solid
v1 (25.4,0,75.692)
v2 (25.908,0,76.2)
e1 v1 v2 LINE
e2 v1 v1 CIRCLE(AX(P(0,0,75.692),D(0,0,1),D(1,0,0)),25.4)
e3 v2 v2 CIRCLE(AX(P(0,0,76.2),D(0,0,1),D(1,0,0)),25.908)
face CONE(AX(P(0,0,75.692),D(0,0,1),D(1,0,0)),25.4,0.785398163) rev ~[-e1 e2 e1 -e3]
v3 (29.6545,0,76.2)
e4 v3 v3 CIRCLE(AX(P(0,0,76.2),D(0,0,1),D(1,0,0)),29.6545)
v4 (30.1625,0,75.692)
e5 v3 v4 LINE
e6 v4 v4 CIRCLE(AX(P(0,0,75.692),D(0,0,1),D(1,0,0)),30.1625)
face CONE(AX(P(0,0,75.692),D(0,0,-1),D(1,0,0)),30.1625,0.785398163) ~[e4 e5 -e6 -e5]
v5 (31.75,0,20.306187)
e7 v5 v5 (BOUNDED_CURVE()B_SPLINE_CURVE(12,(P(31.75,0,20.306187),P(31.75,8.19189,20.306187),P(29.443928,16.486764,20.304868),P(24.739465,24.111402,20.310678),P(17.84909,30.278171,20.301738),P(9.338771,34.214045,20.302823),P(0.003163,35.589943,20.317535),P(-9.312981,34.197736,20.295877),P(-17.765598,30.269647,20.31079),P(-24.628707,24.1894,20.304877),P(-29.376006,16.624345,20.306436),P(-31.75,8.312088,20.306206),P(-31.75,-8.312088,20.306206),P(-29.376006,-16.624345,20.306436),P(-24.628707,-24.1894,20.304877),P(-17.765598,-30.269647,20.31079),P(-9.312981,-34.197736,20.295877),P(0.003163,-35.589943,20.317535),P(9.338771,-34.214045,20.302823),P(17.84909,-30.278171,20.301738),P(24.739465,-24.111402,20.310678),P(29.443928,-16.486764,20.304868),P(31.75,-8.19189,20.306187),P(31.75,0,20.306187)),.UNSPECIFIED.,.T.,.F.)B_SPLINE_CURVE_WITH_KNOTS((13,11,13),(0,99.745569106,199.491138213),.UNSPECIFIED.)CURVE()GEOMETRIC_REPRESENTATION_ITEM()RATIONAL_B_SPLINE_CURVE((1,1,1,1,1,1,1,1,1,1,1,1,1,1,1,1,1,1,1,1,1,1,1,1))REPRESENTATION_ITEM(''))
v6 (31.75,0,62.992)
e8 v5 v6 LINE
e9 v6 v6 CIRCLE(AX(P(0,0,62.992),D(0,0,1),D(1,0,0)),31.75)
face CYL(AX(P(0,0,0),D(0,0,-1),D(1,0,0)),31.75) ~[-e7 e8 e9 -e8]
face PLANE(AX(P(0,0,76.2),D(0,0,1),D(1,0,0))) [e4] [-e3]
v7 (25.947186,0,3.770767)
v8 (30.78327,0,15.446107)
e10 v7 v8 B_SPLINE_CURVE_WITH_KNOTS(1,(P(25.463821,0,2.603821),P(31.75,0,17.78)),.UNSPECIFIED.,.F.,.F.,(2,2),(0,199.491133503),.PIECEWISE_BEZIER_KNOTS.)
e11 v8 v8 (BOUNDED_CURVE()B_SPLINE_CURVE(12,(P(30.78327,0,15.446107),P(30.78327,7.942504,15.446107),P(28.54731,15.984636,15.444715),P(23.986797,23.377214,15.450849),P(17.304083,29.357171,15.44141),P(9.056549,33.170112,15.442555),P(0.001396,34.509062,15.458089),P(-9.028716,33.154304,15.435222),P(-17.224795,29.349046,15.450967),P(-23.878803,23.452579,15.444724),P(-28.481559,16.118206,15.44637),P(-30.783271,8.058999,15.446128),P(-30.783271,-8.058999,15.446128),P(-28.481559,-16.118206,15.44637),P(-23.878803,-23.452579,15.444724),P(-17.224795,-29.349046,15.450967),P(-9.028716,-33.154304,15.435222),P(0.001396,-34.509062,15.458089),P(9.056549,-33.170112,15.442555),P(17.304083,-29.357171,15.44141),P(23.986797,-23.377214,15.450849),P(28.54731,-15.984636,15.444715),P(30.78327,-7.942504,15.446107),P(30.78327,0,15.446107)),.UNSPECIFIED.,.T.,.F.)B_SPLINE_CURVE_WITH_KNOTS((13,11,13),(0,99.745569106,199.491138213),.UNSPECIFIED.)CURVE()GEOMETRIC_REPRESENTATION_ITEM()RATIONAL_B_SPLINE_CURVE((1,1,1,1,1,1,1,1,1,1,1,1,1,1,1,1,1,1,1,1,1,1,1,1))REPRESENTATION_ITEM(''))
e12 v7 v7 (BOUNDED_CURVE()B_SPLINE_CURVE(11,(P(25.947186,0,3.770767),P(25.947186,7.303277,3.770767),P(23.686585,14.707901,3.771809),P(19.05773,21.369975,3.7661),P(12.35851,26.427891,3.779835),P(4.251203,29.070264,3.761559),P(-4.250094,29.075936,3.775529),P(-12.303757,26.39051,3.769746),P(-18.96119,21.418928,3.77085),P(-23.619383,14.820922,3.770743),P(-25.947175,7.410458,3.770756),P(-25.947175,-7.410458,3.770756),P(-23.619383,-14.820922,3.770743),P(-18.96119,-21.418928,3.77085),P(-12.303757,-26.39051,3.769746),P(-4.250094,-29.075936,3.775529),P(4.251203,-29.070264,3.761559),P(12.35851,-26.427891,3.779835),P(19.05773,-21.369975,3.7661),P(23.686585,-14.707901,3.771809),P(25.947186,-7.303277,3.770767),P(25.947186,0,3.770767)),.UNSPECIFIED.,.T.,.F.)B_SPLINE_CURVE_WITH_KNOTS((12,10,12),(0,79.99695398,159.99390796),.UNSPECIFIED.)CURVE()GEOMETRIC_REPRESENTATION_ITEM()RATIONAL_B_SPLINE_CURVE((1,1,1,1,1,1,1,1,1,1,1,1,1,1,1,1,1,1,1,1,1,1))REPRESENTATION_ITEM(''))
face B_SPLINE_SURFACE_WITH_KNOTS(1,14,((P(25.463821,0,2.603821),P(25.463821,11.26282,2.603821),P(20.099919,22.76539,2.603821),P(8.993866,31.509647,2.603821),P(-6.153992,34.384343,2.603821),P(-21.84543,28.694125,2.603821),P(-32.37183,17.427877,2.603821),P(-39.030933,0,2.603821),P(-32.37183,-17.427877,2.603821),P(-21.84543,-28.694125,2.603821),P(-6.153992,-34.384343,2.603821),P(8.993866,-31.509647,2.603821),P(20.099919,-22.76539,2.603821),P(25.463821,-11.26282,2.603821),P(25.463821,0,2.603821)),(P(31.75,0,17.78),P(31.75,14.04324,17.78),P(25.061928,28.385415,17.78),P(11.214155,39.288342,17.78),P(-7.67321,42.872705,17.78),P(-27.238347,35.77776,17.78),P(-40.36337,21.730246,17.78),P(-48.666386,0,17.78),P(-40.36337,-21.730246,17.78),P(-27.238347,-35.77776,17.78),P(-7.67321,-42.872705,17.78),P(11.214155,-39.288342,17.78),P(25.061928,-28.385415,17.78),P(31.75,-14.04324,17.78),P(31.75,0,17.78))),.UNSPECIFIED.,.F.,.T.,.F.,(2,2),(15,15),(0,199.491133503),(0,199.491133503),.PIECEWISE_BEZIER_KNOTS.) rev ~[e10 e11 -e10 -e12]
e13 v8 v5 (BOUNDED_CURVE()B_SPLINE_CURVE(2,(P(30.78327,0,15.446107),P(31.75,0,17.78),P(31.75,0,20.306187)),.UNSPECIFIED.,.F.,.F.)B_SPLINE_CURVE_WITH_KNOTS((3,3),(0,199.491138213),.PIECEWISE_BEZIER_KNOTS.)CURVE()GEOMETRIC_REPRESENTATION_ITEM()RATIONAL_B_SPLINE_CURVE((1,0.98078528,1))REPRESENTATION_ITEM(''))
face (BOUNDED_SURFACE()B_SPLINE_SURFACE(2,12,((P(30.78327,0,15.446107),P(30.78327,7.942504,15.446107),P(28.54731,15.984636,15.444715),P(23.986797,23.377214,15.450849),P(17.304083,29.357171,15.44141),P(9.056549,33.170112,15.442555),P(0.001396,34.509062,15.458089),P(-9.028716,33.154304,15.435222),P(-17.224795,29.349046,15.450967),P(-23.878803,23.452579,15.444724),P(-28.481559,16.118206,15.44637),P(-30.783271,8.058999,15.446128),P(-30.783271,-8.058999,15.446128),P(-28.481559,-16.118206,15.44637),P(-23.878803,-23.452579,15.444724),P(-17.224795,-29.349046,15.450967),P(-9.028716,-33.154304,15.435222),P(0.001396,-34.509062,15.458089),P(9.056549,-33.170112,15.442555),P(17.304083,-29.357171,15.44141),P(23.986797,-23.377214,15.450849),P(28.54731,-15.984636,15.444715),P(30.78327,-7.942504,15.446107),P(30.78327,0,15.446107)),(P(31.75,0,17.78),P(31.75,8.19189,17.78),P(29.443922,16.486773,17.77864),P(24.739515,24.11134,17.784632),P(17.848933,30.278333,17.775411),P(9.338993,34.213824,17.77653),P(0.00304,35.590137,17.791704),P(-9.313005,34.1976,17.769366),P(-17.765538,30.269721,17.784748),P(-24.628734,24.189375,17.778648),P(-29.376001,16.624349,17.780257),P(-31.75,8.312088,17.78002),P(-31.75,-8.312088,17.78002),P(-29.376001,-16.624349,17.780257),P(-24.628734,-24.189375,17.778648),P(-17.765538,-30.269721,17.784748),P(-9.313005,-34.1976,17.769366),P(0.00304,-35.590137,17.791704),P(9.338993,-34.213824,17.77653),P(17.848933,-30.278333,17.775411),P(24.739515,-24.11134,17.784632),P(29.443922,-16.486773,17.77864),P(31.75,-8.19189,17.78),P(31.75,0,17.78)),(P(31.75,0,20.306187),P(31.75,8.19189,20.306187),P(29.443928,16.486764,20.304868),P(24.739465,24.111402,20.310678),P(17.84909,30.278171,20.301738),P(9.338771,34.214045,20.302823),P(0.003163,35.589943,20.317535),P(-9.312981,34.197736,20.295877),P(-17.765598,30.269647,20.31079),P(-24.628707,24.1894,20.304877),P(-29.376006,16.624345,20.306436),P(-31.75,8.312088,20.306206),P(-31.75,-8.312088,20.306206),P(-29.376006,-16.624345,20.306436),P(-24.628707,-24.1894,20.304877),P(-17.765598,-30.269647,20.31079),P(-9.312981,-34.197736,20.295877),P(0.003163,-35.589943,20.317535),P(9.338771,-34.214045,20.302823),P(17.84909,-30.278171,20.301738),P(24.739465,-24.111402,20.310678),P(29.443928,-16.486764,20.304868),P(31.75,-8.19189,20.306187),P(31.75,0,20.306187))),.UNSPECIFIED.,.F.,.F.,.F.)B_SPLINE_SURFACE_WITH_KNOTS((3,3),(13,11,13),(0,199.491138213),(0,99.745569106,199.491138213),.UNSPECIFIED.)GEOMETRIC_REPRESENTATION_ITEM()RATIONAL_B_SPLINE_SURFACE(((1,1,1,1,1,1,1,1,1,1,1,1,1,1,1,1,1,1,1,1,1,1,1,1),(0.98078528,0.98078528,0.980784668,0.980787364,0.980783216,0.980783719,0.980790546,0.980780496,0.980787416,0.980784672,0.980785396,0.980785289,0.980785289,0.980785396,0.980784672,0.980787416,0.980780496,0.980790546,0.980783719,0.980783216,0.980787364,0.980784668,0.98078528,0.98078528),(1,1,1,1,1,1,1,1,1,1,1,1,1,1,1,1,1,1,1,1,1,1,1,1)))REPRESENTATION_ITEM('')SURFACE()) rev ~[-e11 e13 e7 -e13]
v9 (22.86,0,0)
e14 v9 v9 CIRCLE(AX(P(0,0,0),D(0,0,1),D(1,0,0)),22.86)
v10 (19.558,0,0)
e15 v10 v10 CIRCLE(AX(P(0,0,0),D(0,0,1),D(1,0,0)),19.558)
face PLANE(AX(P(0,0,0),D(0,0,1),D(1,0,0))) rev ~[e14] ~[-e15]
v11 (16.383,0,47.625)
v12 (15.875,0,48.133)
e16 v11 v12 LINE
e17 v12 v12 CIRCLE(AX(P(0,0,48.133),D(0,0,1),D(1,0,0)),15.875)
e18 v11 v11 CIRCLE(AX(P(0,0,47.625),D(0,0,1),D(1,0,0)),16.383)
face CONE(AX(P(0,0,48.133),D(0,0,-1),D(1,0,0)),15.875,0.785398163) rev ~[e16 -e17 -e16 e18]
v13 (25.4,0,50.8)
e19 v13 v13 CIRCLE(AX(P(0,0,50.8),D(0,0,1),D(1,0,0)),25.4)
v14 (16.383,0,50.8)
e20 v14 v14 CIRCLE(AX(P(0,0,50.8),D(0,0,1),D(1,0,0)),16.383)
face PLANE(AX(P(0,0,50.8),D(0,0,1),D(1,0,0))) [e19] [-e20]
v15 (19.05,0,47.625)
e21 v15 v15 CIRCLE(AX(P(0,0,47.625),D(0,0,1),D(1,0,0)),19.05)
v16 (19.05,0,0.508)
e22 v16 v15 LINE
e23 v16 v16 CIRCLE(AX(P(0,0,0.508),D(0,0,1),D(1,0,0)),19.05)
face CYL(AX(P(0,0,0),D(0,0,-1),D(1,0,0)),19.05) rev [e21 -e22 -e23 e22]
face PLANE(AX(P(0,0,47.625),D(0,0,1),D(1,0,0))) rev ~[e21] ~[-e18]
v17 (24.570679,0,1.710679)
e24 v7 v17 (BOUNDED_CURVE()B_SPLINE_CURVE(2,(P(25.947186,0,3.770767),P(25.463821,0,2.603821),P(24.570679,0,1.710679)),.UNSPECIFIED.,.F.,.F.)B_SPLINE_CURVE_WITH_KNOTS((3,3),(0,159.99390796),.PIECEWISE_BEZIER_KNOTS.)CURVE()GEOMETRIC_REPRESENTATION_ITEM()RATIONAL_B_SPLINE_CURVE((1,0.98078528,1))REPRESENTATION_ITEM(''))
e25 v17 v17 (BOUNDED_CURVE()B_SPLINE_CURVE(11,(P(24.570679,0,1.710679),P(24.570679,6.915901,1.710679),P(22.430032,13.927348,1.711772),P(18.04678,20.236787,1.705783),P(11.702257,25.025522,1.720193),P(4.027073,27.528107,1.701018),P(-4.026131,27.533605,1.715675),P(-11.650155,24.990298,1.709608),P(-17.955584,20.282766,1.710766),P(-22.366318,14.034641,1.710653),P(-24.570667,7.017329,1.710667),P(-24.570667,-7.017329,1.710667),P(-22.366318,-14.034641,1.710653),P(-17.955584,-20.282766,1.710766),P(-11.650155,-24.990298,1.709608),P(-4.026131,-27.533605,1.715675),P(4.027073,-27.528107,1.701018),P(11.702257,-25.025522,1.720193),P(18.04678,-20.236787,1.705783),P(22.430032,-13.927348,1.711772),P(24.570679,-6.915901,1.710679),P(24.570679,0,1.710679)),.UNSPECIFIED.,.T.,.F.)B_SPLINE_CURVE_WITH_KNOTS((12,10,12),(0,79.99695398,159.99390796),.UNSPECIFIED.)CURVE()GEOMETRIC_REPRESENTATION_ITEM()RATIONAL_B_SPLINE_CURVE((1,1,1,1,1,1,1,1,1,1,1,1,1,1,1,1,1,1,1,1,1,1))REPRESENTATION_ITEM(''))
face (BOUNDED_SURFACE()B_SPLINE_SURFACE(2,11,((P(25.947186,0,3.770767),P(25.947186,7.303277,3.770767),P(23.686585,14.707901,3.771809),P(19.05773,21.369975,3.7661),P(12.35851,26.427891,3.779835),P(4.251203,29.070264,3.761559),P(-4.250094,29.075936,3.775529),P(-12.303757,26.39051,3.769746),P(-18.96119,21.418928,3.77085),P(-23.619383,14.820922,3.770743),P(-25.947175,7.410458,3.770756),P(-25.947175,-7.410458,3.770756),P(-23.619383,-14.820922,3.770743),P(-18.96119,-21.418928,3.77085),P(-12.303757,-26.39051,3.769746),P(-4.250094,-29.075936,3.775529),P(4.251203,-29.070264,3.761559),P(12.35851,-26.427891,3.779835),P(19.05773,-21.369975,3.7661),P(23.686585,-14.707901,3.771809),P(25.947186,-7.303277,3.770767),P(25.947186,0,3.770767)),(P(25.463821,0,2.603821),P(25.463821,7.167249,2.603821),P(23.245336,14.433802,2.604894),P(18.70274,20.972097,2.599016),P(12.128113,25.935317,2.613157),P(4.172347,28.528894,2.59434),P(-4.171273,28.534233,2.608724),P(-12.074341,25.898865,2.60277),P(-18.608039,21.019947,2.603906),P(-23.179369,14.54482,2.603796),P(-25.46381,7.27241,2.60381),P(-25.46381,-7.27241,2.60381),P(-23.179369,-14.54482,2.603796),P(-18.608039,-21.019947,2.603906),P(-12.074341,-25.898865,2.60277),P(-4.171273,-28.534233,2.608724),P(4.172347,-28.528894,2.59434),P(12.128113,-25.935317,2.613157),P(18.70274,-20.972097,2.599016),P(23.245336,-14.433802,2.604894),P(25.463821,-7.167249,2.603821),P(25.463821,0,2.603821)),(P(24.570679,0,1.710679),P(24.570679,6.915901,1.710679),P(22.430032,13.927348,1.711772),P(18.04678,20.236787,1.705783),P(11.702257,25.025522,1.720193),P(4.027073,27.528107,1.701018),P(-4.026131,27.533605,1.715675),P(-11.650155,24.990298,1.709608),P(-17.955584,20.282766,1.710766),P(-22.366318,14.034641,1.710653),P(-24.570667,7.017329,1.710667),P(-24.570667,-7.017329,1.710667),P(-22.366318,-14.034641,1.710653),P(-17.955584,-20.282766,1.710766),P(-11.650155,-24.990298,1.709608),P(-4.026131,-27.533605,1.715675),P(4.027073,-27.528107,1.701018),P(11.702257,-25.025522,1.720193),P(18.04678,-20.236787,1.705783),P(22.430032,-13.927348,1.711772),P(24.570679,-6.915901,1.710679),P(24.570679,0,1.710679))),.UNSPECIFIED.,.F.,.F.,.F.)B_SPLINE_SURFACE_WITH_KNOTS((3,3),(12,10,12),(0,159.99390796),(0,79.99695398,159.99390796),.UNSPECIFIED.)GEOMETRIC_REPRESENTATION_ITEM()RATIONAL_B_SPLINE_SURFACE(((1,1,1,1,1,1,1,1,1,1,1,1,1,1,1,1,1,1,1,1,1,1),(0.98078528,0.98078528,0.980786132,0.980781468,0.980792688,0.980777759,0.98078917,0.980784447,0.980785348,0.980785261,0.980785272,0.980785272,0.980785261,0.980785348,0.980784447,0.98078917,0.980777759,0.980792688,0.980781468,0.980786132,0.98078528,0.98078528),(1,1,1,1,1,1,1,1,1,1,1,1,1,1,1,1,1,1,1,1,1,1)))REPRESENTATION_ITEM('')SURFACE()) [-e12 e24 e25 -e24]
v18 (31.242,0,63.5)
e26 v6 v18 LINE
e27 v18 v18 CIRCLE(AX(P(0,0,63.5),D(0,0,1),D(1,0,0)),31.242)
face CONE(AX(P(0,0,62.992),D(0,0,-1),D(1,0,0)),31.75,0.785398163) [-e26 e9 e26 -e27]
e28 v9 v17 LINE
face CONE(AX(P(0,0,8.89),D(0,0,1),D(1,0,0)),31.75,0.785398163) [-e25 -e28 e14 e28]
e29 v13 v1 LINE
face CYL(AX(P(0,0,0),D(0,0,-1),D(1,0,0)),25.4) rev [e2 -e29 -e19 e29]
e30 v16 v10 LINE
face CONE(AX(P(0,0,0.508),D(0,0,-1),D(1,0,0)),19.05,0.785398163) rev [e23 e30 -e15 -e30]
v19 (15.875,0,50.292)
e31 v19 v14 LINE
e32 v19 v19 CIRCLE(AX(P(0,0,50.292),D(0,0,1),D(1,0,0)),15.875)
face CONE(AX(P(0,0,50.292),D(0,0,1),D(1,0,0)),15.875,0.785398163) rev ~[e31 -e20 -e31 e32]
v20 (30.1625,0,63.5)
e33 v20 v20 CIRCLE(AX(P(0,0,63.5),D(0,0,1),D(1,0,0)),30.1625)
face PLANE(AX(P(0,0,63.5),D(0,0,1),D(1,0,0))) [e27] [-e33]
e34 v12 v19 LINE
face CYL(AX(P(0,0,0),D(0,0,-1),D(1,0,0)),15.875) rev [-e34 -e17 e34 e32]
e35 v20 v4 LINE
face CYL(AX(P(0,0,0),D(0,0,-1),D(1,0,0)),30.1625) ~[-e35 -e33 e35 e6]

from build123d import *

# Parameters (mm, degrees)
F0_R     = 31.75
F0_R_2   = 30.1625
F1_DEPTH = 63.5
F0_R_3   = 25.4
F2_DEPTH = 76.2
F0_R_4   = 19.05
F3_DEPTH = 50.8
F0_R_5   = 15.875
F4_DEPTH = 50.8
F5_DEPTH = 47.625
F8_SIZE  = 0.508
F9_SIZE  = 0.508
F10_SIZE = 8.89
F11_SIZE = 8.89
F13_R    = 12.7
F14_R    = 6.35


with BuildPart() as f1:
    # F0 (on Top) → F1 (new body)
    with BuildSketch(Plane.XY):
        Circle(F0_R)
        Circle(F0_R_2, mode=Mode.SUBTRACT)
    extrude(amount=F1_DEPTH)

    # F0 (on Top) → F2 (join)
    with BuildSketch(Plane.XY):
        Circle(F0_R_2)
        Circle(F0_R_3, mode=Mode.SUBTRACT)
    extrude(amount=F2_DEPTH)

    # F0 (on Top) → F3 (join)
    with BuildSketch(Plane.XY):
        Circle(F0_R_3)
        Circle(F0_R_4, mode=Mode.SUBTRACT)
    extrude(amount=F3_DEPTH)

    # F0 (on Top) → F4 (join)
    with BuildSketch(Plane.XY):
        Circle(F0_R_4)
        Circle(F0_R_5, mode=Mode.SUBTRACT)
    extrude(amount=F4_DEPTH)

    # F0 (on Top) → F5 (cut)
    with BuildSketch(Plane.XY):
        Circle(F0_R_4)
        Circle(F0_R_5, mode=Mode.SUBTRACT)
    extrude(amount=F5_DEPTH, mode=Mode.SUBTRACT)

    # F8
    f8_edges = [f1.edges().sort_by_distance(p)[0] for p in [
        (-19.05, 0, 0),
        (-31.75, 0, 63.5),
        (-30.1625, 0, 76.2),
        (-25.4, 0, 76.2),
    ]]
    chamfer(f8_edges, length=F8_SIZE)

    # F9
    f9_edges = [f1.edges().sort_by_distance(p)[0] for p in [
        (-15.875, 0, 50.8),
        (-15.875, 0, 47.625),
    ]]
    chamfer(f9_edges, length=F9_SIZE)

    # F10
    f10_edges = [f1.edges().sort_by_distance(p)[0] for p in [
        (-31.75, 0, 0),
    ]]
    chamfer(f10_edges, length=F10_SIZE)

    # F11
    f11_edges = [f1.edges().sort_by_distance(p)[0] for p in [
        (-31.75, 0, 8.89),
    ]]
    chamfer(f11_edges, length=F11_SIZE)

    # F13
    f13_edges = [f1.edges().sort_by_distance(p)[0] for p in [
        (-31.749992, 0, 17.78),
    ]]
    fillet(f13_edges, radius=F13_R)

    # F14
    f14_edges = [f1.edges().sort_by_distance(p)[0] for p in [
        (-25.463814, 0, 2.603821),
    ]]
    fillet(f14_edges, radius=F14_R)


solid = f1.part
